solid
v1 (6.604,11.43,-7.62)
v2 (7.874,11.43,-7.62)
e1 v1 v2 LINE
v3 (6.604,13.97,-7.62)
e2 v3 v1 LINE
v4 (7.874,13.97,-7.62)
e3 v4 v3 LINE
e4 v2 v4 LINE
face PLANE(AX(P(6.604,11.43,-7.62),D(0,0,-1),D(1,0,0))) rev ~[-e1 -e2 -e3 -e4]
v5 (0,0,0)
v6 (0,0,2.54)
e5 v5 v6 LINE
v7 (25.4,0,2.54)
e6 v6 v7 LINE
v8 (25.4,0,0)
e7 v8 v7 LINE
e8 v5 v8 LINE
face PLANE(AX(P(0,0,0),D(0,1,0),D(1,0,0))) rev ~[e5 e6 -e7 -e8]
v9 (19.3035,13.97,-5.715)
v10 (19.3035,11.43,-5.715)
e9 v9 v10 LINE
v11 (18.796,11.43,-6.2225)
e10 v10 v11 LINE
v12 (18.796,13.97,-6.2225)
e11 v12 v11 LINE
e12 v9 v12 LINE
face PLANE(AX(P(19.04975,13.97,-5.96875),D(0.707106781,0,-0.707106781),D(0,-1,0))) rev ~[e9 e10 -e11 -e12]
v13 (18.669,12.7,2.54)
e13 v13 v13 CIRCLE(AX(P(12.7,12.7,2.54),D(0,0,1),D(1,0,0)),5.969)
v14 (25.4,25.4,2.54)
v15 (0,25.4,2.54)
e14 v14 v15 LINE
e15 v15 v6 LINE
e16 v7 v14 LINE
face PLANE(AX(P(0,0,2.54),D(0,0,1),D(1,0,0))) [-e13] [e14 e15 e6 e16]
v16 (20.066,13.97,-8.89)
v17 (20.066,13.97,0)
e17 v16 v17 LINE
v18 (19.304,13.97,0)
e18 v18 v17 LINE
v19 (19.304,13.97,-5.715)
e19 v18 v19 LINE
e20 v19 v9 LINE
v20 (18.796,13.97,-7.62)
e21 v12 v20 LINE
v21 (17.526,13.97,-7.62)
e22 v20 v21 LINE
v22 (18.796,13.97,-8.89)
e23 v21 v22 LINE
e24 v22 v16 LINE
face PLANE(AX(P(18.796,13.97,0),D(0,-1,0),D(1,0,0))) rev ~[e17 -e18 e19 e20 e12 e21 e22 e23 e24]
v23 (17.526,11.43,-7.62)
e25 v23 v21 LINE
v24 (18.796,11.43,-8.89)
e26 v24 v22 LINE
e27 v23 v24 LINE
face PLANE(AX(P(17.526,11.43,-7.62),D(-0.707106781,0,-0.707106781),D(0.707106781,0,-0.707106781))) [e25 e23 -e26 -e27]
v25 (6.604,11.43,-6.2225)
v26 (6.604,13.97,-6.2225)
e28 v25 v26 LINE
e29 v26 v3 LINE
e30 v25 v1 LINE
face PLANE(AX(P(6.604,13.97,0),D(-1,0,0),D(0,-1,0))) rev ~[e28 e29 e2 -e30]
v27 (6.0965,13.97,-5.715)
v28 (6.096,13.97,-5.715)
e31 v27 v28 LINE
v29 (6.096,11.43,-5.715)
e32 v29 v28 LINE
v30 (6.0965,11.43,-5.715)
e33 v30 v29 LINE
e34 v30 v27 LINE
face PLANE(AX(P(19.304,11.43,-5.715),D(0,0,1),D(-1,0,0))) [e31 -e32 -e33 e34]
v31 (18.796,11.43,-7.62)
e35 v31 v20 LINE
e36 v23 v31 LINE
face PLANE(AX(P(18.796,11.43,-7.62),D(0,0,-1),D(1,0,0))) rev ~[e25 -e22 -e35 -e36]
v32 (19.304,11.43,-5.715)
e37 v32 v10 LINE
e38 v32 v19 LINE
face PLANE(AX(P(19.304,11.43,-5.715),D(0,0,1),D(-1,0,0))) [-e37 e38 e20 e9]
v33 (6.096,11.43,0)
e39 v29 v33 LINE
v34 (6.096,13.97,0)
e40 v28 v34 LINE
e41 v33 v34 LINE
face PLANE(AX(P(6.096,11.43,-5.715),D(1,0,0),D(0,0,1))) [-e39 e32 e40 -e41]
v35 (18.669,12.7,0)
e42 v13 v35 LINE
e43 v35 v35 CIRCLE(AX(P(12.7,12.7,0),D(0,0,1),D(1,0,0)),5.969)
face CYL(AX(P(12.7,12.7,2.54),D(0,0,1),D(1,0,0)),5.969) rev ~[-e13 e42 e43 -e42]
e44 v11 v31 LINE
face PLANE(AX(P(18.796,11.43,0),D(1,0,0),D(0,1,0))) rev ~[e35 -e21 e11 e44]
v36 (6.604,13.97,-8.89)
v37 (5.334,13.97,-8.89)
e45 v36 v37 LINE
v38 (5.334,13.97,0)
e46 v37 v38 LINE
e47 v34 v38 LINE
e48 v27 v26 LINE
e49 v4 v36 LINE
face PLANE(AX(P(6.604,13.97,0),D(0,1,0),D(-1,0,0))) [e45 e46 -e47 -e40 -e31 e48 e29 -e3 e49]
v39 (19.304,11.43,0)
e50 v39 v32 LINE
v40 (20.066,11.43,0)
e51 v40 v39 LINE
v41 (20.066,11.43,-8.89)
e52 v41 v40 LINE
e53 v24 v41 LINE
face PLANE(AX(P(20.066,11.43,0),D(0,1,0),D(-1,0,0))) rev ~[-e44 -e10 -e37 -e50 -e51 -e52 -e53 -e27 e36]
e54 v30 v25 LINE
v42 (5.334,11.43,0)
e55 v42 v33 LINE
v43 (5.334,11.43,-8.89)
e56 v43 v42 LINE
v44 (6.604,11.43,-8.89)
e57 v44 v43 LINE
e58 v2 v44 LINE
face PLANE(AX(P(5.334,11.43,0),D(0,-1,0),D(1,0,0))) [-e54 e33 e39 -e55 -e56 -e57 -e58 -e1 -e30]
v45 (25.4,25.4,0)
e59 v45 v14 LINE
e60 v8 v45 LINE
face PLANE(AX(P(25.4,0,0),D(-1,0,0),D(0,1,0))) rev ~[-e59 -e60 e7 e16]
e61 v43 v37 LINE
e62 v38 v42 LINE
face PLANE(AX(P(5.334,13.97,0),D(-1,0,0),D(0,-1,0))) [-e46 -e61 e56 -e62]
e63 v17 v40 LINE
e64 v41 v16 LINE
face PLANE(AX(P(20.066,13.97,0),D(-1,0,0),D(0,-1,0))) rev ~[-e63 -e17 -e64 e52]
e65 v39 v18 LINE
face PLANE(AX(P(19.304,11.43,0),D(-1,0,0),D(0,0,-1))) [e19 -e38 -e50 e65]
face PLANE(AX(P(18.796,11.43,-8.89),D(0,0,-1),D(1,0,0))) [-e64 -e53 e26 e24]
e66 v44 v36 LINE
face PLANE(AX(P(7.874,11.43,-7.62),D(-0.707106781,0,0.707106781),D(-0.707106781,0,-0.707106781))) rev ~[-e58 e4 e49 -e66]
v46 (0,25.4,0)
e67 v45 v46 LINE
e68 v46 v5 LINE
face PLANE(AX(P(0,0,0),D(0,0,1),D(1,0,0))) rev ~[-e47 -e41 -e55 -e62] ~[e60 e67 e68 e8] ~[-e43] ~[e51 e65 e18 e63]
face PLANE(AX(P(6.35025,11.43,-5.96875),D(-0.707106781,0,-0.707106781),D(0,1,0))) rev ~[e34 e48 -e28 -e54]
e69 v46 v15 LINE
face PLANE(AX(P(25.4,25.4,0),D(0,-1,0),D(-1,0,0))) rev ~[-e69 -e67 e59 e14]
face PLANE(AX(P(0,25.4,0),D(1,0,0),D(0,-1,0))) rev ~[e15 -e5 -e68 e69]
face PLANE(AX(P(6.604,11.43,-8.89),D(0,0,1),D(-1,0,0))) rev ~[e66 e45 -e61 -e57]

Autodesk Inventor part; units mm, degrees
ref_plane "YZ Plane" through (0, 0, 0) normal (1, 0, 0) x (0, 1, 0)
ref_plane "XZ Plane" through (0, 0, 0) normal (0, 1, 0) x (-1, 0, 0)
ref_plane "XY Plane" through (0, 0, 0) normal (0, 0, 1) x (1, 0, 0)
sketch "Sketch1" plane through (0, 0, 0) normal (0, 0, 1) x (1, 0, 0)
  line L0 (0, 0) -> (25.4, 0)
  line L1 (25.4, 0) -> (25.4, 25.4)
  line L2 (25.4, 25.4) -> (0, 25.4)
  line L3 (0, 25.4) -> (0, 0)
  dimension "d0" = 25.4
  dimension "d1" = 25.4
extrude "Extrusion1" add sketch "Sketch1" along normal blind 2.54
sketch "Sketch2" plane through (0, 0, 2.54) normal (0, 0, 1) x (1, 0, 0)
  circle A0 centre (12.7, 12.7) radius 5.969
  line L0 (25.4, 25.4) -> (0, 25.4) projected
  line L1 (25.4, 0) -> (25.4, 25.4) projected
  point P0 (0, 0)
  dimension "d4" = 12.7
  dimension "d5" = 12.7
  dimension "d8" = 11.938
extrude "Extrusion2" cut sketch "Sketch2" against normal blind 2.54
sketch "Sketch3" plane through (0, 0, 0) normal (0, 0, -1) x (-1, 0, 0)
  line L0 (-18.796, 18.796) -> (-6.604, 18.796)
  line L1 (-6.604, 18.796) -> (-6.604, 6.604)
  line L2 (-6.604, 6.604) -> (-18.796, 6.604)
  line L3 (-18.796, 6.604) -> (-18.796, 18.796)
  line L4 (-25.4, 25.4) -> (0, 25.4) projected
  line L5 (0, 25.4) -> (0, 0) projected
  line L6 (-6.604, 13.97) -> (-5.334, 13.97)
  line L7 (-5.334, 13.97) -> (-5.334, 11.43)
  line L8 (-5.334, 11.43) -> (-6.604, 11.43)
  line L9 (-6.604, 11.43) -> (-6.604, 13.97)
  line L10 (-18.796, 13.97) -> (-20.066, 13.97)
  line L11 (-20.066, 13.97) -> (-20.066, 11.43)
  line L12 (-20.066, 11.43) -> (-18.796, 11.43)
  line L13 (-18.796, 11.43) -> (-18.796, 13.97)
  dimension "d9" = 12.192
  dimension "d10" = 12.192
  dimension "d11" = 6.604
  dimension "d12" = 6.604
  dimension "d13" = 1.27
  dimension "d14" = 1.27
  dimension "d15" = 2.54
  dimension "d16" = 11.43
  dimension "d17" = 2.54
extrude "Extrusion3" add sketch "Sketch3" along normal blind 7.62 contours L3 L12 L11 L10 | L6 L7 L8 L1
sketch "Sketch4" plane through (18.796, 11.43, 0) normal (0, -1, 0) x (1, 0, 0)
  line L0 (0, -7.62) -> (1.27, -7.62) projected
  line L1 (1.27, -7.62) -> (-1.27, -7.62)
  line L2 (-1.27, -7.62) -> (-1.27, -8.89)
  line L3 (-1.27, -8.89) -> (1.27, -8.89)
  line L4 (1.27, -8.89) -> (1.27, -7.62)
  line L5 (-1.27, -7.62) -> (0, -8.89)
  line L6 (-12.192, -7.62) -> (-13.462, -7.62) projected
  line L7 (-13.462, -7.62) -> (-10.922, -7.62)
  line L8 (-10.922, -7.62) -> (-10.922, -8.89)
  line L9 (-10.922, -8.89) -> (-13.462, -8.89)
  line L10 (-13.462, -8.89) -> (-13.462, -7.62)
  line L11 (-10.922, -7.62) -> (-12.192, -8.89)
  point P0 (-18.796, 0)
  dimension "d20" = 1.27
  dimension "d21" = 2.54
  dimension "d22" = 2.54
  dimension "d23" = 1.27
extrude "Extrusion4" add sketch "Sketch4" against normal blind 2.54 contours L0 L4 L3 L5 L1 | L7 L11 L9 L10 L6
sketch "Sketch5" plane through (18.796, 11.43, 0) normal (0, -1, 0) x (1, 0, 0)
  line L0 (6.604, 0) -> (-18.796, 0) projected
  line L1 (0.508, -5.715) -> (-12.7, -5.715)
  line L2 (-12.7, -5.715) -> (-12.7, 0)
  line L3 (-12.7, 0) -> (0.508, 0)
  line L4 (0.508, 0) -> (0.508, -5.715)
  line L5 (-13.462, 0) -> (-13.462, -8.89) projected
  dimension "d26" = 13.208
  dimension "d27" = 0.762
  dimension "d28" = 5.715
extrude "Extrusion5" cut sketch "Sketch5" against normal blind 2.54
chamfer "Chamfer1" distance 0.508 angle 45 2 edges at (6.604, 12.7, -5.715) (18.796, 12.7, -5.715)
properties part number "TestButtonClip"
